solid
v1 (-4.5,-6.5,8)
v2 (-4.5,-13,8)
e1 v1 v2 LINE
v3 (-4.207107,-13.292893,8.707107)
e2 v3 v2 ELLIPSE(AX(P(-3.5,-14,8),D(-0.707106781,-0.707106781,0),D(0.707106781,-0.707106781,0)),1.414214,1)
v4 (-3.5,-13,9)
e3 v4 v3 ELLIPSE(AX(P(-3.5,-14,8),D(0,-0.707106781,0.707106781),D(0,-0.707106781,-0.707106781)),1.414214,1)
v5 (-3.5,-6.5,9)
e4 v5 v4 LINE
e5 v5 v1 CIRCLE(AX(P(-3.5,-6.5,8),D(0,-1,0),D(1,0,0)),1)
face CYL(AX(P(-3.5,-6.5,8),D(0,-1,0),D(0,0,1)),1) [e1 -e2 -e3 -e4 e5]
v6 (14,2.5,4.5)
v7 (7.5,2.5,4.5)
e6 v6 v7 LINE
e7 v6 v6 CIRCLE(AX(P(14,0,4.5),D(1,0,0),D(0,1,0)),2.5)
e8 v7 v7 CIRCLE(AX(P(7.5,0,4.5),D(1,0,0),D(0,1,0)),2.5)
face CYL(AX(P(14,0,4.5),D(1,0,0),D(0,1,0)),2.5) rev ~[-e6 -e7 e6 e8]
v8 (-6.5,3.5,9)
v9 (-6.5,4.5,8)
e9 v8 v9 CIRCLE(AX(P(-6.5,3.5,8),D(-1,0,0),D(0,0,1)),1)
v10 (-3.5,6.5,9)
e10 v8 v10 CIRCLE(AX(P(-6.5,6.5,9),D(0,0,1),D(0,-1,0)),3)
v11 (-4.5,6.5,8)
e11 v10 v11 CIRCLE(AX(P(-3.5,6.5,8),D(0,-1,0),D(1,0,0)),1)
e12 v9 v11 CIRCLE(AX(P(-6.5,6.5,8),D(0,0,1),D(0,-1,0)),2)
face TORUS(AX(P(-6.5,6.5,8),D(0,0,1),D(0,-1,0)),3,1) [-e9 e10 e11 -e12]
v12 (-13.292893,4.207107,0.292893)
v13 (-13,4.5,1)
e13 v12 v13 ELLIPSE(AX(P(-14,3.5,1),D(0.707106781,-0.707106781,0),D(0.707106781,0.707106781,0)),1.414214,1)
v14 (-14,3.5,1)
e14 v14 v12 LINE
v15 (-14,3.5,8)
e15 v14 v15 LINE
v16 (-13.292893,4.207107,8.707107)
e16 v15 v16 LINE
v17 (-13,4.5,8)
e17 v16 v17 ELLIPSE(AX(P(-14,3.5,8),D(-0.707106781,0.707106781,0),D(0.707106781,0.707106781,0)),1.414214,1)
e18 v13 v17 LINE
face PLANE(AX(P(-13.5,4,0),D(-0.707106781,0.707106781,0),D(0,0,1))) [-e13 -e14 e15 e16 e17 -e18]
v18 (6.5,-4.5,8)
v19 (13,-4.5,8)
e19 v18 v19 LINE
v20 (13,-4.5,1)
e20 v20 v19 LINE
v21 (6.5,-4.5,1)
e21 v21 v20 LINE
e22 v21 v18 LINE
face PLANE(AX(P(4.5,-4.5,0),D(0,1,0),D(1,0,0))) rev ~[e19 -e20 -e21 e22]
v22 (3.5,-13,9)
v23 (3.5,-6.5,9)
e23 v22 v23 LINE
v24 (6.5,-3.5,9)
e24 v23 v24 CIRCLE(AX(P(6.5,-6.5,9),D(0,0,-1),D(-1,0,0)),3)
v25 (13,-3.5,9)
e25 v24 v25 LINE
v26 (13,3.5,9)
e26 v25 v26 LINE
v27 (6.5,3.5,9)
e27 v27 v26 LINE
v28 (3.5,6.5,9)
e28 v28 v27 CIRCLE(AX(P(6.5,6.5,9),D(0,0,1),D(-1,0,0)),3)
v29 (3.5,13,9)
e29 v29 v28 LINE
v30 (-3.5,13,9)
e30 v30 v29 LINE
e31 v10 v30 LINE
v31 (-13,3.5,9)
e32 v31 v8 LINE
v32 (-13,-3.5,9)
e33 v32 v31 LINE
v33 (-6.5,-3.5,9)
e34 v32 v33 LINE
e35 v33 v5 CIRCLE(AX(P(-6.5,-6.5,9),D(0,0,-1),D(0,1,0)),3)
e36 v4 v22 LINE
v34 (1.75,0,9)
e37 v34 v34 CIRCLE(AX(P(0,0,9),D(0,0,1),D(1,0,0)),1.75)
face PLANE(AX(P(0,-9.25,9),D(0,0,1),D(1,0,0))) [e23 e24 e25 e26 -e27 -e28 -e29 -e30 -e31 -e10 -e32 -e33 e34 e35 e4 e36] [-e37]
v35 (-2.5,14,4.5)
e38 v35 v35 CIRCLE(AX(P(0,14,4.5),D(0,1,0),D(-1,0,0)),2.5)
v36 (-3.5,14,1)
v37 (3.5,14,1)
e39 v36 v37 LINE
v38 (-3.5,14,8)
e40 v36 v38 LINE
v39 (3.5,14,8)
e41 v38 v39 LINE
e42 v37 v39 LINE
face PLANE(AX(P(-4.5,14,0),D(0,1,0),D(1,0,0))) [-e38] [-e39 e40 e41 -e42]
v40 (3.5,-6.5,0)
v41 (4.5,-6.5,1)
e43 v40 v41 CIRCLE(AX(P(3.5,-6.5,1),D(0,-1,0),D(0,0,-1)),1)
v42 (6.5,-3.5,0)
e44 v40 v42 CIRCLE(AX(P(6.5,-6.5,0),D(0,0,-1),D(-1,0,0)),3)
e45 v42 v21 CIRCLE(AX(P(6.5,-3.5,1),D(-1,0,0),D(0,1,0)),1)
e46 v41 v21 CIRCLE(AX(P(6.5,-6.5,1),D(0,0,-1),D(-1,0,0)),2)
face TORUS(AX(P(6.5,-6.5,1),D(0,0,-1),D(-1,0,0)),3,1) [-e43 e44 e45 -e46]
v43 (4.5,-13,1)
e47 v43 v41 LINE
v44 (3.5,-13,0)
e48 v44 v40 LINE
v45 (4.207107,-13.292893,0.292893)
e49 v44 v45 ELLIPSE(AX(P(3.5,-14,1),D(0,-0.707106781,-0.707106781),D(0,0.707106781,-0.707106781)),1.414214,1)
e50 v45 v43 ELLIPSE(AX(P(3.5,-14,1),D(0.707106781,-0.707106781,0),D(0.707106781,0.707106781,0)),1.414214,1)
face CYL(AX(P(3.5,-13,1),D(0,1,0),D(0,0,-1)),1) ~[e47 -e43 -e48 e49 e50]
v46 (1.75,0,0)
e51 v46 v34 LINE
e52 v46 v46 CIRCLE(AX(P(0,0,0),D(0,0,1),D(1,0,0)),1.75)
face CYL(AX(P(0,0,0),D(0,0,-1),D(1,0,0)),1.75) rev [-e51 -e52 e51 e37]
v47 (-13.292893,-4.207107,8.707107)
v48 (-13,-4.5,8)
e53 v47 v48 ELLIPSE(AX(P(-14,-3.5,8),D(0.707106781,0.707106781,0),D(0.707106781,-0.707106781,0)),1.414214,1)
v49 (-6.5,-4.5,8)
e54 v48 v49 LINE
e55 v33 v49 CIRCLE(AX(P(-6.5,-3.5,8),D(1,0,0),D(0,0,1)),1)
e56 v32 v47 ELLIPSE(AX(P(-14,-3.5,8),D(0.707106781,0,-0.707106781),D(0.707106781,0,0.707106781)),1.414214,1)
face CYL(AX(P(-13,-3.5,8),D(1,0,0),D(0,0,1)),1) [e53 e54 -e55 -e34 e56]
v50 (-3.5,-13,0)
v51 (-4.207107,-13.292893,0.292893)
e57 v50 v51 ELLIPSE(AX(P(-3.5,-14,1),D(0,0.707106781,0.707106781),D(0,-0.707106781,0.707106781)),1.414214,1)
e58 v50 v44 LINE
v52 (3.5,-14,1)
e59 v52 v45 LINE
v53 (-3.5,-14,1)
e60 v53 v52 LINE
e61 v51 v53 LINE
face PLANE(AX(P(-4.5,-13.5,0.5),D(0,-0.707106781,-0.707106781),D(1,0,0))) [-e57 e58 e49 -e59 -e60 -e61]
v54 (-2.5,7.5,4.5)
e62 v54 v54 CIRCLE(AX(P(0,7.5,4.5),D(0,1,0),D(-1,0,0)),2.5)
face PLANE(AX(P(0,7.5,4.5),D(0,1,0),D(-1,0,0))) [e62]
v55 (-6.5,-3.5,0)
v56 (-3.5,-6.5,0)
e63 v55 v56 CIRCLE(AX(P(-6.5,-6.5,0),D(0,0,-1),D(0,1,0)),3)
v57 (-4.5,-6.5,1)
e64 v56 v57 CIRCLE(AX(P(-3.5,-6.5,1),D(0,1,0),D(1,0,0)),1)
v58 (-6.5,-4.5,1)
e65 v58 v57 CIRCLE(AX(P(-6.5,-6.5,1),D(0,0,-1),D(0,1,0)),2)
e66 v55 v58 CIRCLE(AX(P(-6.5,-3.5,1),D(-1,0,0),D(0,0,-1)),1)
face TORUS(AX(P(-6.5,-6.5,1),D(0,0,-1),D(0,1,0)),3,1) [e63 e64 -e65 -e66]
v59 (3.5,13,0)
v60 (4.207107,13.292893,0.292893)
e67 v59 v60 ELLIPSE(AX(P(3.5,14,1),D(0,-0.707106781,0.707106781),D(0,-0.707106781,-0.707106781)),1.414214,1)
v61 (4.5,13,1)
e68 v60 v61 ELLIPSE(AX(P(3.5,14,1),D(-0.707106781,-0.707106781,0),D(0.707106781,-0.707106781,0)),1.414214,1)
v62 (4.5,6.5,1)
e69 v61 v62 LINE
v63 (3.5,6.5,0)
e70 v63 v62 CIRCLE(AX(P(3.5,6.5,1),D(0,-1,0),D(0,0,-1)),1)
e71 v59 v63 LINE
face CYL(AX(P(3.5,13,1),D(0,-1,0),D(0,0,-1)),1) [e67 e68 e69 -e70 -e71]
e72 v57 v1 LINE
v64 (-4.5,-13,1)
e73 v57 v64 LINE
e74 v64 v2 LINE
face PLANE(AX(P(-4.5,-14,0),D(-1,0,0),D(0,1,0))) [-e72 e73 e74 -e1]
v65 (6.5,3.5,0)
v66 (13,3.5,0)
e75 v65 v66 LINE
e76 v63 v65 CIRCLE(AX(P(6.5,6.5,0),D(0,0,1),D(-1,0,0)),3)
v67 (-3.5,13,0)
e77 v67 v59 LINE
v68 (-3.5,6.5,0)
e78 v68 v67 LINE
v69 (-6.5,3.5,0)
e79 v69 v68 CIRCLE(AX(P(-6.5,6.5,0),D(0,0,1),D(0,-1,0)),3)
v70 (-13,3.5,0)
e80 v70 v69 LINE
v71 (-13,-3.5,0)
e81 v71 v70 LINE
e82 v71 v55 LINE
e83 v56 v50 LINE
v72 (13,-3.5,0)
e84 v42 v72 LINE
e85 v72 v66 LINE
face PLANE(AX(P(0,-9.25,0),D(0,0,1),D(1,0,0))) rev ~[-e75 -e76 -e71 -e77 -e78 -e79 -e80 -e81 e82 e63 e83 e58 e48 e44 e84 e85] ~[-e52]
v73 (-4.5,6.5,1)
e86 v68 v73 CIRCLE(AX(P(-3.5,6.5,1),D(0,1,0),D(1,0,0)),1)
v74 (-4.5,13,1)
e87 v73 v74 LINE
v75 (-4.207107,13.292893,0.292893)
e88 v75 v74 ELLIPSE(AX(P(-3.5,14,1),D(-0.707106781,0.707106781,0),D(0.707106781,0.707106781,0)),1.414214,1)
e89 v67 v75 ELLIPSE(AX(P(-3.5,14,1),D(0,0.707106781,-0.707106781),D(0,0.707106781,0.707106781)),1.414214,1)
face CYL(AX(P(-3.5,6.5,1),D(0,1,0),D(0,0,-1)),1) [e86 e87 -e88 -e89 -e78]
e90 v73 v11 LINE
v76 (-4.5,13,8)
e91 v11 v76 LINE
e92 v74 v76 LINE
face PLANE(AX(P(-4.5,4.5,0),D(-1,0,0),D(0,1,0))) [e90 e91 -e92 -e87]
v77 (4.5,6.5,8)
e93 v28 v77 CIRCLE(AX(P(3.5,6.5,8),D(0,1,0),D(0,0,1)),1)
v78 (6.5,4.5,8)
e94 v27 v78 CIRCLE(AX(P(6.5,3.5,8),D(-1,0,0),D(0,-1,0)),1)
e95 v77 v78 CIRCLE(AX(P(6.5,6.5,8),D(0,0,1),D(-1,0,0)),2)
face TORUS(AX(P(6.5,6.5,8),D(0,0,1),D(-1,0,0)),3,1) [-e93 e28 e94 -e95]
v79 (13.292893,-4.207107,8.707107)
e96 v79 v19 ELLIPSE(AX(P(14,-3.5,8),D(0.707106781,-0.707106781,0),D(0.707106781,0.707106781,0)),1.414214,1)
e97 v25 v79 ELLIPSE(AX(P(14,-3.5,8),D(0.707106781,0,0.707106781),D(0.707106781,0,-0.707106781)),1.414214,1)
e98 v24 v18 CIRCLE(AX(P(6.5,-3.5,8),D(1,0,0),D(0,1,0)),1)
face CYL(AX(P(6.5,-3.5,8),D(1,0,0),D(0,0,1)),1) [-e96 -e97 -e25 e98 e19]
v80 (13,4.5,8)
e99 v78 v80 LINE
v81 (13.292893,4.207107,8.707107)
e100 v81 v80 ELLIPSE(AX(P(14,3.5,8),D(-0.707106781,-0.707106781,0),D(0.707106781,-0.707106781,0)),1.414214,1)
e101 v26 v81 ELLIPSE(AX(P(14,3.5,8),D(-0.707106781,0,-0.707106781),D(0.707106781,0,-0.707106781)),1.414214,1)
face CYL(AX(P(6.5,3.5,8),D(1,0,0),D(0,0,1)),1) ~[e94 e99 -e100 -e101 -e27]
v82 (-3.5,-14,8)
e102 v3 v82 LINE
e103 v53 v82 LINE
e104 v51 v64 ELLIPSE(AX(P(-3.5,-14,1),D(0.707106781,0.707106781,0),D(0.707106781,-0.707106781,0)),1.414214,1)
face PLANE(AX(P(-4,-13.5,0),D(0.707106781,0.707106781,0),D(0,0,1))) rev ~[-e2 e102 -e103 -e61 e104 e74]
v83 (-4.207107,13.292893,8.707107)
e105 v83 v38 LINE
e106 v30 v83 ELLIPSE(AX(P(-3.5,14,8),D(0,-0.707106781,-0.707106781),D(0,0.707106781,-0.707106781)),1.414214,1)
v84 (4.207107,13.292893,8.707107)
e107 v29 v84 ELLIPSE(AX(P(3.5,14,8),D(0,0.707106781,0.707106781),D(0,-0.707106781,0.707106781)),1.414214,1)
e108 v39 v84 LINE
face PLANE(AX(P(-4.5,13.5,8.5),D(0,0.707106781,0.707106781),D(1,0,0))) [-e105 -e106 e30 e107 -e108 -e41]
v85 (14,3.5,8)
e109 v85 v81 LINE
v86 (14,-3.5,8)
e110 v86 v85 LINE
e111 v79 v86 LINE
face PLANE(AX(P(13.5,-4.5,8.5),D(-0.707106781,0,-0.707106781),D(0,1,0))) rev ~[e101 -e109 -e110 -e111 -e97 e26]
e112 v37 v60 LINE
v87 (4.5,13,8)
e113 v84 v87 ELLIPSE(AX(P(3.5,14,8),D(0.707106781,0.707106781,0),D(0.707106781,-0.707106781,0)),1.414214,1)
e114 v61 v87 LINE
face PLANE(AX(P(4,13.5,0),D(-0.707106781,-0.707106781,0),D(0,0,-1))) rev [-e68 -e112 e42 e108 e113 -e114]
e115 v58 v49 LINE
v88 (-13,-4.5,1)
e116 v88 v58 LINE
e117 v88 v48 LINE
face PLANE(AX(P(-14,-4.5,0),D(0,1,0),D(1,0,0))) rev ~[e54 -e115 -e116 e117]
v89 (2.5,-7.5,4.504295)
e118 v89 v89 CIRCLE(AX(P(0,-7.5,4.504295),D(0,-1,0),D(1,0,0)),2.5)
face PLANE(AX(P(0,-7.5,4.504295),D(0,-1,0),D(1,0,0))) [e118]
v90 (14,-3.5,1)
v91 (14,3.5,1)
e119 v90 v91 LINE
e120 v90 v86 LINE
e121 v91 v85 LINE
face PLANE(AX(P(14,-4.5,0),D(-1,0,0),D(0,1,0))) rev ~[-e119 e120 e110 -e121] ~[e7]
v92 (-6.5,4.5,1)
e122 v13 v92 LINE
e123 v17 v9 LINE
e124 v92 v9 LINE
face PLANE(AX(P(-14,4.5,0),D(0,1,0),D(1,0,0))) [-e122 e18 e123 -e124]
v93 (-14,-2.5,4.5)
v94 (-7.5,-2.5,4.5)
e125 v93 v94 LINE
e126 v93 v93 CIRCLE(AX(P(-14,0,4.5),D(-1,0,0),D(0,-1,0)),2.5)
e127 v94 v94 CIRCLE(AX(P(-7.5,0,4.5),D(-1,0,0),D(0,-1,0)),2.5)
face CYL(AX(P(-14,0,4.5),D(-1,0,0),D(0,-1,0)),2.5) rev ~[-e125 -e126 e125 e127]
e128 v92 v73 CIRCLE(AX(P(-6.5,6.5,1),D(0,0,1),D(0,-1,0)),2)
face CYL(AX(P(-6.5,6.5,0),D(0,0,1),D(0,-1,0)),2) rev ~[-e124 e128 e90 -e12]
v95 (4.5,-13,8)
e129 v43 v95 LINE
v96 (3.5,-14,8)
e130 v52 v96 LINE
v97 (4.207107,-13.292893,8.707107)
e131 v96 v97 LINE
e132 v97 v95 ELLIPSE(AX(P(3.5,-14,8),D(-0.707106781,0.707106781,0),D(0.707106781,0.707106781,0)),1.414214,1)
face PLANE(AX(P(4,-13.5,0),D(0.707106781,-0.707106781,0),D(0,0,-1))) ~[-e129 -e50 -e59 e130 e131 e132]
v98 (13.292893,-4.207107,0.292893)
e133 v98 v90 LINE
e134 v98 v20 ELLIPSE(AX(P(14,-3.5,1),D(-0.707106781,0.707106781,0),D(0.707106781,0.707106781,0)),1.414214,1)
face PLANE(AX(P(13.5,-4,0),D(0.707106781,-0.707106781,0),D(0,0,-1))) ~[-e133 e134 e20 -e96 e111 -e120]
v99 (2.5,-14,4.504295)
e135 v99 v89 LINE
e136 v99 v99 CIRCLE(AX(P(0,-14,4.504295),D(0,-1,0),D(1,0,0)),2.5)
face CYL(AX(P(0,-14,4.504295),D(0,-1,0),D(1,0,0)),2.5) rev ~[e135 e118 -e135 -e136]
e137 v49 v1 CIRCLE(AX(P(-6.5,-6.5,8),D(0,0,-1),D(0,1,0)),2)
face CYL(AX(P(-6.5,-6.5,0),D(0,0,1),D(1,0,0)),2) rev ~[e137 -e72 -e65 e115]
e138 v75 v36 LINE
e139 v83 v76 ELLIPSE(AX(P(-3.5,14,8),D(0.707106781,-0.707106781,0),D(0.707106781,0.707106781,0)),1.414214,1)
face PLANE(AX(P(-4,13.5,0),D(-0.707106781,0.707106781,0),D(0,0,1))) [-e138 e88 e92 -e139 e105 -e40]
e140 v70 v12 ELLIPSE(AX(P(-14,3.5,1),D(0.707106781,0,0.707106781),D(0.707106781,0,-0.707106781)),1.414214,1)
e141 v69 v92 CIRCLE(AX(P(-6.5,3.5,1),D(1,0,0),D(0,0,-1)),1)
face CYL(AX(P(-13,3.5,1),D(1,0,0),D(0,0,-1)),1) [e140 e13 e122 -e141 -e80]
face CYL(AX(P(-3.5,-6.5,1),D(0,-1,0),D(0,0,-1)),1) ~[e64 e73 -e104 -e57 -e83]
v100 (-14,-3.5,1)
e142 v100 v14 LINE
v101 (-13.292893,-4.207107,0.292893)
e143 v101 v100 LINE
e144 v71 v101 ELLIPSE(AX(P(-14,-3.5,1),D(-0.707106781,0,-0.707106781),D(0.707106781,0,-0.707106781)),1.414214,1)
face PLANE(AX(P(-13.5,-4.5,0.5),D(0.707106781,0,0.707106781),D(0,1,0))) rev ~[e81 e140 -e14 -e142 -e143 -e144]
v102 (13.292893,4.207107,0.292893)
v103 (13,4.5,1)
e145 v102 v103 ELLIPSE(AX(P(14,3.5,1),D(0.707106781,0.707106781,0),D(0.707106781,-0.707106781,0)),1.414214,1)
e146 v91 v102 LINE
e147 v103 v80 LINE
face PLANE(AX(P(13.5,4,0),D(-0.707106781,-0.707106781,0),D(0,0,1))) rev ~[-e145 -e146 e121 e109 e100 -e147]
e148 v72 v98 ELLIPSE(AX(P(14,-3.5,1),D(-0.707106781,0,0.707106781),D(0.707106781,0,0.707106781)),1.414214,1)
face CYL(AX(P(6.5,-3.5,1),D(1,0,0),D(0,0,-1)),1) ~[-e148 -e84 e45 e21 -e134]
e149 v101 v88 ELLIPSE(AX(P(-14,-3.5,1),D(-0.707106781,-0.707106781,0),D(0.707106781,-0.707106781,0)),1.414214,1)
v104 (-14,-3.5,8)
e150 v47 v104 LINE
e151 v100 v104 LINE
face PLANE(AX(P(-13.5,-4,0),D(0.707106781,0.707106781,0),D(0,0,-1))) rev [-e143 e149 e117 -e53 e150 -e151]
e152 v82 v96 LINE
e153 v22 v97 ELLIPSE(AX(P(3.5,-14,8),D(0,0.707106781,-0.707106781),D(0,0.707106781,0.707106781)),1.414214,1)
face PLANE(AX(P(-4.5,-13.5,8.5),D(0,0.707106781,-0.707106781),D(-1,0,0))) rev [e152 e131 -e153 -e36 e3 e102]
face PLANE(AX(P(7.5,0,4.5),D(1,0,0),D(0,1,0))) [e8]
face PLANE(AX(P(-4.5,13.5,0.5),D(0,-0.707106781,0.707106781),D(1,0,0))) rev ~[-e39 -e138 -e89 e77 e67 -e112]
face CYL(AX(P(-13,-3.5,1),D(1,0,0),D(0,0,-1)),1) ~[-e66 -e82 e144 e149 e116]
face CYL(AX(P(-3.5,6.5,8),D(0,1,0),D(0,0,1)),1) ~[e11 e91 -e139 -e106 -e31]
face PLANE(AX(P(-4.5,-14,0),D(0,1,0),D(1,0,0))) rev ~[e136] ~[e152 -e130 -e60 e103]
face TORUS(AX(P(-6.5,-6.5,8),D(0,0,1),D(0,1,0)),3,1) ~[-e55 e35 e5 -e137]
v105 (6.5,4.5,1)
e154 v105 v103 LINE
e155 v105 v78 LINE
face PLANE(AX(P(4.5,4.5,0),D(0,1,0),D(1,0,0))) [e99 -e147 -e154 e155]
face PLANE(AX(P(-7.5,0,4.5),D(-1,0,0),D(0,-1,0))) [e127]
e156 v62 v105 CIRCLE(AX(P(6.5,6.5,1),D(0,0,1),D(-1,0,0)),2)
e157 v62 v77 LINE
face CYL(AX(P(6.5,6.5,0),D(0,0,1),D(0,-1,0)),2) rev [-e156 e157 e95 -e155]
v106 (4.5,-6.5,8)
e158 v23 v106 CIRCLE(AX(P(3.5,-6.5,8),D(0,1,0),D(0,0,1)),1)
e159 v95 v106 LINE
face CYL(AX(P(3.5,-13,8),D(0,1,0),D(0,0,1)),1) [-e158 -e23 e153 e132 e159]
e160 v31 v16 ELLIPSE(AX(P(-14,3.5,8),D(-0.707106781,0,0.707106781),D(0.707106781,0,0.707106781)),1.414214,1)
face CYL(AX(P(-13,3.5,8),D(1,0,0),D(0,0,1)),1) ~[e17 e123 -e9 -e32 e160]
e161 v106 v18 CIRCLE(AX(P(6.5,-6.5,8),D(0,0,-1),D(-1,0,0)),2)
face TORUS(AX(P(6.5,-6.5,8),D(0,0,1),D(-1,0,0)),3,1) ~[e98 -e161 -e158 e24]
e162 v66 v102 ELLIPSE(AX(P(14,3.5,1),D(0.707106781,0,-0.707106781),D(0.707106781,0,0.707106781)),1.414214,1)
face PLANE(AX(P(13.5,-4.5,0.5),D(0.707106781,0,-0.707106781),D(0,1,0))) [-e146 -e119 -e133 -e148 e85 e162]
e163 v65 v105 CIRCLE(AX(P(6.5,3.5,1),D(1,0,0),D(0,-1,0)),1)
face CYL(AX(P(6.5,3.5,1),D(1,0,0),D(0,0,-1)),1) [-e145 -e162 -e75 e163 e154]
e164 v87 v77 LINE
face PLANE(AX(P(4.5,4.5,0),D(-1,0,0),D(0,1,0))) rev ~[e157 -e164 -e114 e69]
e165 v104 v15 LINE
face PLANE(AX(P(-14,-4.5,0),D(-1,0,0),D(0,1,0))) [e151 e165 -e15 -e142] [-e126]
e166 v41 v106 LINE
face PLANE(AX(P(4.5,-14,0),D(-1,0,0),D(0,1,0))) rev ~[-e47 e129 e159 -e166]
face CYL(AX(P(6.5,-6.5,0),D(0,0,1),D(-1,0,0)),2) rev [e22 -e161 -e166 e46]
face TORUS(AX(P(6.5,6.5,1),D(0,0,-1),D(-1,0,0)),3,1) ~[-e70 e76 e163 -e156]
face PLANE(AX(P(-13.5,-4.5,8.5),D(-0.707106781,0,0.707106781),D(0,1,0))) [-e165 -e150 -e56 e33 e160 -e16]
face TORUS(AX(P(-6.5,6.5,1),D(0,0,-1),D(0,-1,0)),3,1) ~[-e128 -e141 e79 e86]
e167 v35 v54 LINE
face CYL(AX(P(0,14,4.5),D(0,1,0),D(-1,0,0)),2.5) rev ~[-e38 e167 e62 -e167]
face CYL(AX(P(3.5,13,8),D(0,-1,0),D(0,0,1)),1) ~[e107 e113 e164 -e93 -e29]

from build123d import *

# Parameters (mm, degrees)
F0_W     = 9
F0_H     = 9.5
F0_W_2   = 9.5
F0_H_2   = 9
F0_R     = 1.75
F1_DEPTH = 9
F4_R     = 2.5
F6_DEPTH = 6.5
F3_R     = 2.5
F7_DEPTH = 6.5
F5_R     = 2.5
F8_DEPTH = 6.5
F2_R     = 2.5
F9_DEPTH = 6.5
F10_R    = 2
F11_SIZE = 1
F12_R    = 1


with BuildPart() as f1:
    # F0 (on Top) → F1 (new body)
    with BuildSketch(Plane.XY):
        with Locations((0, -9.25)):
            Rectangle(F0_W, F0_H)
        with Locations((9.25, 0)):
            Rectangle(F0_W_2, F0_H_2)
        with Locations((-9.25, 0)):
            Rectangle(F0_W_2, F0_H_2)
        with Locations((0, 9.25)):
            Rectangle(F0_W, F0_H)
        Rectangle(F0_W, F0_H_2)
        Circle(F0_R, mode=Mode.SUBTRACT)
    extrude(amount=F1_DEPTH)

    # F4 (on face) → F6 (cut)
    with BuildSketch(Plane(origin=(-14, 0, 0), x_dir=(0, -1, 0), z_dir=(-1, 0, 0))):
        with Locations((0, 4.4999998063)):
            Circle(F4_R)
    extrude(amount=-F6_DEPTH, mode=Mode.SUBTRACT)

    # F3 (on face) → F7 (cut)
    with BuildSketch(Plane.YZ.offset(14)):
        with Locations((0, 4.5)):
            Circle(F3_R)
    extrude(amount=-F7_DEPTH, mode=Mode.SUBTRACT)

    # F5 (on face) → F8 (cut)
    with BuildSketch(Plane.XZ.offset(14)):
        with Locations((0, 4.5042946003)):
            Circle(F5_R)
    extrude(amount=-F8_DEPTH, mode=Mode.SUBTRACT)

    # F2 (on face) → F9 (cut)
    with BuildSketch(Plane(origin=(0, 14, 0), x_dir=(-1, 0, 0), z_dir=(0, 1, 0))):
        with Locations((0, 4.5)):
            Circle(F2_R)
    extrude(amount=-F9_DEPTH, mode=Mode.SUBTRACT)

    # F10
    f10_edges = [f1.edges().sort_by_distance(p)[0] for p in [
        (-4.5, 4.5, 4.5),
        (-4.5, -4.5, 4.5),
        (4.5, -4.5, 4.5),
        (4.5, 4.5, 4.5),
    ]]
    fillet(f10_edges, radius=F10_R)

    # F11
    f11_edges = [f1.edges().sort_by_distance(p)[0] for p in [
        (14, 4.5, 4.5),
        (4.5, 14, 4.5),
        (-4.5, 14, 4.5),
        (-14, 4.5, 4.5),
        (-14, -4.5, 4.5),
        (-4.5, -14, 4.5),
        (4.5, -14, 4.5),
        (14, -4.5, 4.5),
        (14, 0, 0),
        (0, 14, 0),
        (-14, 0, 0),
        (0, -14, 0),
        (-14, 0, 9),
        (0, 14, 9),
        (0, -14, 9),
        (14, 0, 9),
    ]]
    chamfer(f11_edges, length=F11_SIZE)

    # F12
    f12_edges = [f1.edges().sort_by_distance(p)[0] for p in [
        (-9.75, -4.5, 9),
        (-9.75, 4.5, 9),
        (-4.5, -9.75, 9),
        (4.5, -9.75, 9),
        (9.75, -4.5, 9),
        (9.75, 4.5, 9),
        (4.5, 9.75, 9),
        (-4.5, 9.75, 9),
        (-9.75, 4.5, 0),
        (-9.75, -4.5, 0),
        (-4.5, -9.75, 0),
        (4.5, -9.75, 0),
        (9.75, -4.5, 0),
        (9.75, 4.5, 0),
        (4.5, 9.75, 0),
        (-4.5, 9.75, 0),
    ]]
    fillet(f12_edges, radius=F12_R)


solid = f1.part
